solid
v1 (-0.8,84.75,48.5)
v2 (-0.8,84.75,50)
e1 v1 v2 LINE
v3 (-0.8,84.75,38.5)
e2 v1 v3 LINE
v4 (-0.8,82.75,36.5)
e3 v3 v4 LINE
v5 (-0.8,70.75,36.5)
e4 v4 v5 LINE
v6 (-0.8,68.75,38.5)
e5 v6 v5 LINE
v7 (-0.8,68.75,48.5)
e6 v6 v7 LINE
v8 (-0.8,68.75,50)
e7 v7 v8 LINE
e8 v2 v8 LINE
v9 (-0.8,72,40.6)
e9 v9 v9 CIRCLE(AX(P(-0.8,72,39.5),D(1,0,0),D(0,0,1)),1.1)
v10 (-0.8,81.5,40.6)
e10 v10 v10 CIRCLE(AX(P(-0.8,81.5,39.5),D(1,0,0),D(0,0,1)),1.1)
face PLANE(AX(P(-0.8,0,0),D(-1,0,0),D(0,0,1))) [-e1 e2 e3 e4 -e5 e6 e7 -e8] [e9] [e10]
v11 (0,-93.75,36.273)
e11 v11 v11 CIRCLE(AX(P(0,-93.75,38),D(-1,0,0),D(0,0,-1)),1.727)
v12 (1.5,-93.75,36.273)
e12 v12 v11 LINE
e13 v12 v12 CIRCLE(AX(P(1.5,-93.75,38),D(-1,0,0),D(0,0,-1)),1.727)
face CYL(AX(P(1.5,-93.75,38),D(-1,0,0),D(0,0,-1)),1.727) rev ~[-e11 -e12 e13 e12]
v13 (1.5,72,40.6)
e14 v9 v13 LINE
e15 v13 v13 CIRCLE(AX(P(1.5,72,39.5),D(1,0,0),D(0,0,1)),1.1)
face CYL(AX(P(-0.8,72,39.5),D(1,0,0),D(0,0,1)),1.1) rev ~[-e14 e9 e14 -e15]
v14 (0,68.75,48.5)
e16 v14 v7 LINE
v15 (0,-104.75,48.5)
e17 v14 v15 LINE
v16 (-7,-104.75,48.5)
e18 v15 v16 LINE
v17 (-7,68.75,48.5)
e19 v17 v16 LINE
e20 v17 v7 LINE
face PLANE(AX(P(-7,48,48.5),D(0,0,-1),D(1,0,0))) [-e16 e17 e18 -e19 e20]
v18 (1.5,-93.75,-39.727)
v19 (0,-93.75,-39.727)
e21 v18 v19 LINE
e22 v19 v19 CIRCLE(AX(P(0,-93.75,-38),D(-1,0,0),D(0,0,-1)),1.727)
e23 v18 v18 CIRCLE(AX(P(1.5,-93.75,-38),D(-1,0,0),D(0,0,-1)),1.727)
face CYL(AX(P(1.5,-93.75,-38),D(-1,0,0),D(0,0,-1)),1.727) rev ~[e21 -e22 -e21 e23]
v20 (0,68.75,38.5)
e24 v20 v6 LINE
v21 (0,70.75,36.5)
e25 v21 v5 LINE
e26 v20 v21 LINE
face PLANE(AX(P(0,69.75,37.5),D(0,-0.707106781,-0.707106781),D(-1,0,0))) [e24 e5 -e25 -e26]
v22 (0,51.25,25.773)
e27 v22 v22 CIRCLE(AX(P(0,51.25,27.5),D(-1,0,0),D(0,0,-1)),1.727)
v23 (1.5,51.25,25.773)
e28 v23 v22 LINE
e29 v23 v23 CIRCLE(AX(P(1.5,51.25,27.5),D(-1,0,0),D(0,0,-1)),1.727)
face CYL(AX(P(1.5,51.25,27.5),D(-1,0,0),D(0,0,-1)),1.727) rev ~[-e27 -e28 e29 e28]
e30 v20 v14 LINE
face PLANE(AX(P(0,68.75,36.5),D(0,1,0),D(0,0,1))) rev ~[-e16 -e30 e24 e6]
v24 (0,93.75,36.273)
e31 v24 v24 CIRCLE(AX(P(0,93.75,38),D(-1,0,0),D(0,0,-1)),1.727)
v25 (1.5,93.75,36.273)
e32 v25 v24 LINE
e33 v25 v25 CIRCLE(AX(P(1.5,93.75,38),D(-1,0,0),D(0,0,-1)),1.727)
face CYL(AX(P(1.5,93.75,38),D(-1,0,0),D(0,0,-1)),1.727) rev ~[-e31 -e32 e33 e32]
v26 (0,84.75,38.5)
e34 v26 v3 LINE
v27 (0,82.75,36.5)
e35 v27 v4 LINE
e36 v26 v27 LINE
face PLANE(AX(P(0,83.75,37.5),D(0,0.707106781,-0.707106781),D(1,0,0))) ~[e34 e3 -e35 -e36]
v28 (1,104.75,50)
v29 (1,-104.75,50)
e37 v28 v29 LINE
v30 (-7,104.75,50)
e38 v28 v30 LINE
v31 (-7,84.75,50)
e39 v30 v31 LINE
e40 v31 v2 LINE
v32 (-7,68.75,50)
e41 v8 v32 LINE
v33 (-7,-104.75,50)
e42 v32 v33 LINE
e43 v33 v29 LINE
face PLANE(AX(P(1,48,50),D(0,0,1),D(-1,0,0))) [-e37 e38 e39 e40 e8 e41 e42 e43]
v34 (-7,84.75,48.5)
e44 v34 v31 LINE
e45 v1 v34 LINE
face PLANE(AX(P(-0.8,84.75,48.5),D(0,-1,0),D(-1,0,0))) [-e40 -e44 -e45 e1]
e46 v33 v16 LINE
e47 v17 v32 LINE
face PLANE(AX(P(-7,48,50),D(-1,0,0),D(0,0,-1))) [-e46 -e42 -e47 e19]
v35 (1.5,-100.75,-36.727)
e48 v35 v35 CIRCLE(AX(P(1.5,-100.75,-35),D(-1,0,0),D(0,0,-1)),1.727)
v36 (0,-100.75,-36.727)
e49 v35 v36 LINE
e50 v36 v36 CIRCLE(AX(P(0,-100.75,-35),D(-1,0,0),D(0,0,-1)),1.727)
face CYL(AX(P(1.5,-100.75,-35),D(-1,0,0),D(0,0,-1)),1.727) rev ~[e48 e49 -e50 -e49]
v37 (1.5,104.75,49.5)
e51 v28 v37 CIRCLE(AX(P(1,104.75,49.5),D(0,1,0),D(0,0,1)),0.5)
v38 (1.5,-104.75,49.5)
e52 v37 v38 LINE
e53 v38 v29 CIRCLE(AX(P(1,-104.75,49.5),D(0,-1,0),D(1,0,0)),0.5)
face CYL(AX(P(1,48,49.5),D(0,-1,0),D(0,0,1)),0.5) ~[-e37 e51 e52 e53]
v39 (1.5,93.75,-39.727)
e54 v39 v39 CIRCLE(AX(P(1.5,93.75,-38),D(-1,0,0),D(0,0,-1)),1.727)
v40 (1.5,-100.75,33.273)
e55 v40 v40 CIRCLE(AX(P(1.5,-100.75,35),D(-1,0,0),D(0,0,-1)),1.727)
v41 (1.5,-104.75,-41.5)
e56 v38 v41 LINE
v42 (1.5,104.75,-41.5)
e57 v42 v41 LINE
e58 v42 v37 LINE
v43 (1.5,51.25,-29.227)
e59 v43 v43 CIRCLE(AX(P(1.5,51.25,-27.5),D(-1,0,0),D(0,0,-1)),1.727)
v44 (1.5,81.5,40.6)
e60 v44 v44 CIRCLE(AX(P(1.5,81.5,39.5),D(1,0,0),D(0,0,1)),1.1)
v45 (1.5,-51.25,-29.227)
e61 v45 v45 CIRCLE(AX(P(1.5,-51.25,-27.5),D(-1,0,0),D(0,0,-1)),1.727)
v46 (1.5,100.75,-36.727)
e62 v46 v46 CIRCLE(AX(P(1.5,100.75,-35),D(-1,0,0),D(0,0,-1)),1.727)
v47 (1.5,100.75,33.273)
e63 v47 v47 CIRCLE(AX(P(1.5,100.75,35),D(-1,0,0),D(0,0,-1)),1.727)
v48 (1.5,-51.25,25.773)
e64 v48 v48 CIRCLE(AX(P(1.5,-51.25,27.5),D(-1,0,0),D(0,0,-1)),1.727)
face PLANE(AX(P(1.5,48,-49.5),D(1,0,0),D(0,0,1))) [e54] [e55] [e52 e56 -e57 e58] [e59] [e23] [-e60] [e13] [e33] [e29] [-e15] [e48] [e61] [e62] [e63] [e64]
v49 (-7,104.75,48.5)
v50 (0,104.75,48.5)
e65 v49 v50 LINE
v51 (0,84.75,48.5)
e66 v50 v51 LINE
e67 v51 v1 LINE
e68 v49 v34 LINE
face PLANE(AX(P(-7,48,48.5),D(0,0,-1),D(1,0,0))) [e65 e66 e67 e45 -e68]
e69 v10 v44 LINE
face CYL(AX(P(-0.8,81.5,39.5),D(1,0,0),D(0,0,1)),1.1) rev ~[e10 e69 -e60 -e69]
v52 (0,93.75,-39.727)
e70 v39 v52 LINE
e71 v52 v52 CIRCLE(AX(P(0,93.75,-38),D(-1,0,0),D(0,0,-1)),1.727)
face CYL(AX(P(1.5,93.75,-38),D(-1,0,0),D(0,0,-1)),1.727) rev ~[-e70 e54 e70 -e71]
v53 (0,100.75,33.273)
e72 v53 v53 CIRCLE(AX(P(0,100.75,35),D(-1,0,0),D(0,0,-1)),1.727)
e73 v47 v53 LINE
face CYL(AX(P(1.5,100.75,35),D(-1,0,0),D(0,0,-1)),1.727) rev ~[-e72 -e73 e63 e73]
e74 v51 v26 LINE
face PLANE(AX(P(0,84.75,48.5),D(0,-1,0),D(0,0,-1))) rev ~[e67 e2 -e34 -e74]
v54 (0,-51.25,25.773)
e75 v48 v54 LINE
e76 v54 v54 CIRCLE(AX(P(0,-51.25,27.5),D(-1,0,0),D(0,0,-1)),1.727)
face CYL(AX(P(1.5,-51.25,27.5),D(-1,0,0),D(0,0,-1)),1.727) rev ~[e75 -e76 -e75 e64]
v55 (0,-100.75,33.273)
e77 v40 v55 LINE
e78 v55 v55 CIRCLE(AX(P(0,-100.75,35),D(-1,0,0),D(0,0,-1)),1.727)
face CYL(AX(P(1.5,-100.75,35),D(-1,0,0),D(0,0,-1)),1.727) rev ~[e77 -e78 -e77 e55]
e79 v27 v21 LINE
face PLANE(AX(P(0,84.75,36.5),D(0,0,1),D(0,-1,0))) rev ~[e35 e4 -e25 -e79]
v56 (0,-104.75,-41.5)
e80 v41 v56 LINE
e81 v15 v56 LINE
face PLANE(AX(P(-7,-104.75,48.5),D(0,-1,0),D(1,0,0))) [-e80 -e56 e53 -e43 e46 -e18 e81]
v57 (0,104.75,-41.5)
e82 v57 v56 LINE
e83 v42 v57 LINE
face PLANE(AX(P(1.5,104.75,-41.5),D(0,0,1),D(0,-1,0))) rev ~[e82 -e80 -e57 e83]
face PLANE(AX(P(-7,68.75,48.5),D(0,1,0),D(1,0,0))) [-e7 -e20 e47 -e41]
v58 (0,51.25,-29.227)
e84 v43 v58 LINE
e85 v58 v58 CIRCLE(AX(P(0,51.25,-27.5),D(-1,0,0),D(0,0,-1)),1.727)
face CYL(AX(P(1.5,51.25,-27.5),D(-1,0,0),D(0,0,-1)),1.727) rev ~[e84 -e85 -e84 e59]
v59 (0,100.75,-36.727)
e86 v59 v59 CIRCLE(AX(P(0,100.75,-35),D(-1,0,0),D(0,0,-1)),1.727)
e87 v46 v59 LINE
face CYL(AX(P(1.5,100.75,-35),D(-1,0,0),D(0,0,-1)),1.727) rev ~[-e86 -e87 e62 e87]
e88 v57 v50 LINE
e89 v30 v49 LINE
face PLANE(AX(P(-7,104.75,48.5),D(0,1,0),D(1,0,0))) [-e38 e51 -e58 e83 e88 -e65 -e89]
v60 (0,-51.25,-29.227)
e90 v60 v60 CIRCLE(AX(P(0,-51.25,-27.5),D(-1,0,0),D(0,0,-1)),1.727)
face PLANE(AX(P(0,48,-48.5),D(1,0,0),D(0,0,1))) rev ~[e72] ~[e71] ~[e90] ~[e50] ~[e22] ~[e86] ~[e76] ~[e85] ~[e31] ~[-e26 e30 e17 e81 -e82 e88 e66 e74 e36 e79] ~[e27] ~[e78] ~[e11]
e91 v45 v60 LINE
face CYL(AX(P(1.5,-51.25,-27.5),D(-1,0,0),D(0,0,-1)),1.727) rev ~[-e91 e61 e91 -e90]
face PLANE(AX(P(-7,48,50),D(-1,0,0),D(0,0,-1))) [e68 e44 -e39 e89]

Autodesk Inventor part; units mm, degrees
ref_plane "YZ Plane" through (0, 0, 0) normal (1, 0, 0) x (0, 1, 0)
ref_plane "XZ Plane" through (0, 0, 0) normal (0, 1, 0) x (-1, 0, 0)
ref_plane "XY Plane" through (0, 0, 0) normal (0, 0, 1) x (1, 0, 0)
sketch "Sketch1" plane through (0, 0, 0) normal (1, 0, 0) x (0, 1, 0)
  line L0 (48, 50) -> (-48, 50)
  line L1 (-48, 50) -> (-48, -50)
  line L2 (-48, -50) -> (48, -50)
  line L3 (48, -50) -> (48, 50)
  point P0 (0, 0)
  dimension "d0" = 96
  dimension "d1" = 100
  dimension "d2" = 50
  dimension "d3" = 48
extrude "Extrusion1" add sketch "Sketch1" along normal blind 1.5
sketch "Sketch2" plane through (0, -48, 50) normal (0, 0, 1) x (1, 0, 0)
  line L0 (0, 96) -> (1.5, 96) projected
  line L1 (1.5, 96) -> (-7, 96)
  line L2 (-7, 96) -> (-7, 0)
  line L3 (-7, 0) -> (1.5, 0)
  line L4 (1.5, 0) -> (1.5, 96)
  point P0 (0, 48)
  dimension "d6" = 8.5
  dimension "d7" = 96
extrude "Extrusion2" add sketch "Sketch2" against normal blind 1.5
mirror "Mirror1" about plane through (0, 0, 0) normal (0, 0, 1) of "Extrusion2"
fillet "Fillet1" radius 0.5 2 edges at (1.5, 0, 50) (1.5, 0, -50)
sketch "Sketch12" plane through (-7, -48, 48.5) normal (0, -1, 0) x (1, 0, 0)
  arc A0 (8, -98.5) -> (8.5, -98) centre (8, -98) ccw projected
  line L0 (8.5, 1) -> (8.5, -98) projected
  arc A1 (8.5, 1) -> (8, 1.5) centre (8, 1) ccw projected
  line L1 (0, 1.5) -> (8, 1.5) projected
  line L2 (0, 1.5) -> (0, 0) projected
  line L3 (7, 0) -> (0, 0) projected
  line L4 (7, 0) -> (7, -97) projected
  line L5 (7, -97) -> (0, -97) projected
  line L6 (0, -98.5) -> (0, -97) projected
  line L7 (0, -98.5) -> (8, -98.5) projected
  point P0 (7, -48.5)
extrude "Extrusion8" add sketch "Sketch12" along normal blind 56.75
sketch "Sketch13" plane through (-7, 48, 48.5) normal (0, 1, 0) x (1, 0, 0)
  arc A0 (8.5, 98) -> (8, 98.5) centre (8, 98) ccw projected
  line L0 (0, 98.5) -> (8, 98.5) projected
  line L1 (0, 98.5) -> (0, 97) projected
  line L2 (0, 97) -> (7, 97) projected
  line L3 (7, 97) -> (7, 0) projected
  line L4 (0, 0) -> (7, 0) projected
  line L5 (0, -1.5) -> (0, 0) projected
  line L6 (8, -1.5) -> (0, -1.5) projected
  arc A1 (8, -1.5) -> (8.5, -1) centre (8, -1) ccw projected
  line L7 (8.5, 98) -> (8.5, -1) projected
  point P0 (7, 48.5)
extrude "Extrusion9" add sketch "Sketch13" along normal blind 56.75
sketch "Sketch14" plane through (1.5, 0, 0) normal (1, 0, 0) x (0, 0, -1)
  line L0 (49.5, -104.75) -> (49.5, 104.75) projected
  line L1 (-49.5, 104.75) -> (49.5, 104.75) projected
  line L2 (-49.5, 104.75) -> (-49.5, -104.75) projected
  line L3 (49.5, -104.75) -> (-49.5, -104.75) projected
  line L4 (0, 0) -> (-23.5475, 0) construction
  point P0 (35, -100.75)
  point P1 (-35, -100.75)
  point P2 (35, 100.75)
  point P3 (-35, 100.75)
  dimension "d88" = 70
  dimension "d89" = 35
  dimension "d90" = 4
hole "Hole6" at (1.5, -100.75, -35) at (1.5, -100.75, 35) at (1.5, 100.75, -35) at (1.5, 100.75, 35) direction (-1, 0, 0) diameter 3.454 end through all clearance for "Flat Head Machine Screw (82)" size "#4" standard "Ansi Unified Screw Threads"
sketch "Sketch15" plane through (1.5, 0, 0) normal (1, 0, 0) x (0, 0, -1)
  circle A0 centre (-35, 100.75) radius 1.727 projected
  line L0 (0, 0) -> (0, 19.4005) construction
  line L1 (0, 0) -> (22.6917, 0) construction
  point P0 (-27.5, 51.25)
  point P1 (-27.5, -51.25)
  point P2 (27.5, 51.25)
  point P3 (27.5, -51.25)
  dimension "d150" = 7.5
  dimension "d167" = 102.5
  dimension "d168" = 51.25
hole "Hole7" at (1.5, 51.25, 27.5) at (1.5, -51.25, 27.5) at (1.5, -51.25, -27.5) at (1.5, 51.25, -27.5) direction (-1, 0, 0) diameter 3.454 end through all clearance for "Flat Head Machine Screw (82)" size "#4" standard "Ansi Unified Screw Threads"
sketch "Sketch16" plane through (0, 0, 0) normal (-1, 0, 0) x (0, 0, 1)
  line L0 (36.5, 68.75) -> (48.5, 68.75)
  line L1 (48.5, 68.75) -> (48.5, 84.75)
  line L2 (48.5, 84.75) -> (36.5, 84.75)
  line L3 (36.5, 84.75) -> (36.5, 68.75)
  circle A0 centre (-35, 100.75) radius 1.727 projected
  circle A1 centre (-35, -100.75) radius 1.727 projected
  circle A2 centre (35, -100.75) radius 1.727 projected
  circle A3 centre (35, 100.75) radius 1.727 projected
  line L4 (-48.5, 104.75) -> (-48.5, -104.75) projected
  line L5 (48.5, -104.75) -> (-48.5, -104.75) projected
  line L6 (48.5, -104.75) -> (48.5, 104.75) projected
  line L7 (-48.5, 104.75) -> (48.5, 104.75) projected
  line L8 (48.5, -104.75) -> (48.5, 104.75) projected
  circle A4 centre (27.5, 51.25) radius 1.727 projected
  point P0 (0, 0)
  dimension "d105" = 12
  dimension "d106" = 16
  dimension "d170" = 20
extrude "Extrusion10" add sketch "Sketch16" along normal blind 0.8 contours L3 L2 L1 L0
sketch "Sketch17" plane through (-0.8, 0, 0) normal (-1, 0, 0) x (0, 0, 1)
  line L0 (36.5, 68.75) -> (48.5, 68.75) projected
  line L1 (48.5, 84.75) -> (48.5, 68.75) projected
  line L2 (48.5, 84.75) -> (36.5, 84.75) projected
  line L3 (36.5, 84.75) -> (36.5, 68.75) projected
  line L4 (36.5, 68.75) -> (48.5, 68.75) projected
  line L5 (36.5, 68.75) -> (36.5, 84.75) projected
  point P0 (0, 0)
  point P1 (39.5, 72)
  point P2 (39.5, 81.5)
  point P3 (36.5, 76.75)
  dimension "d110" = 9.5
  dimension "d123" = 9
  dimension "d152" = 4.75
hole "Hole8" at (-0.8, 72, 39.5) at (-0.8, 81.5, 39.5) direction (1, 0, 0) diameter 2.2 end through all clearance for "Flat Head Machine Screw" size "M2" standard "Ansi Metric M Profile"
chamfer "Chamfer2" distance 2 angle 45 2 edges at (-0.4, 68.75, 36.5) (-0.4, 84.75, 36.5)
sketch "Sketch22" plane through (1.5, 0, 0) normal (1, 0, 0) x (0, 0, -1)
  line L0 (41.5, -104.75) -> (50, -104.75)
  line L1 (50, -104.75) -> (50, 104.75)
  line L2 (50, 104.75) -> (41.5, 104.75)
  line L3 (41.5, 104.75) -> (41.5, -104.75)
  line L4 (50, -104.75) -> (50, 104.75) projected
  line L5 (-49.5, 104.75) -> (49.5, 104.75) projected
  point P0 (0, 0)
  point P1 (50, 0)
  point P2 (45.75, 104.75)
  dimension "d146" = 8.5
extrude "Extrusion13" cut sketch "Sketch22" against normal through all
sketch "Sketch24" plane through (0, -48, 48.5) normal (0, 0, -1) x (-1, 0, 0)
  line L0 (0, 132.75) -> (0.8, 132.75) projected
  line L1 (0.8, 132.75) -> (7, 132.75)
  line L2 (7, 132.75) -> (7, 116.75)
  line L3 (7, 116.75) -> (0.8, 116.75)
  line L4 (0.8, 116.75) -> (0.8, 132.75)
  line L5 (0.8, 116.75) -> (0, 116.75) projected
  line L6 (0, -56.75) -> (0, 116.75) projected
  line L7 (7, -56.75) -> (0, -56.75) projected
  line L8 (7, 152.75) -> (7, -56.75) projected
  line L9 (0, 152.75) -> (7, 152.75) projected
  line L10 (0, 132.75) -> (0, 152.75) projected
  line L11 (0, 132.75) -> (0.8, 132.75) projected
  line L12 (0.8, 132.75) -> (0.8, 116.75) projected
  line L13 (7, 152.75) -> (7, -56.75) projected
  point P0 (0, 48)
  point P1 (7, 124.75)
  dimension "d160" = 16
extrude "Extrusion15" cut sketch "Sketch24" against normal through all contours L1 L2 L3 L4
sketch "Sketch25" plane through (1.5, 0, 0) normal (1, 0, 0) x (0, 0, -1)
  line L0 (41.5, -104.75) -> (41.5, 104.75) projected
  line L1 (-49.5, 104.75) -> (41.5, 104.75) projected
  line L2 (-49.5, 104.75) -> (-49.5, -104.75) projected
  line L3 (41.5, -104.75) -> (-49.5, -104.75) projected
  circle A0 centre (-39.5, 72) radius 1.1 projected
  circle A1 centre (-39.5, 81.5) radius 1.1 projected
  circle A2 centre (27.5, -51.25) radius 1.727 projected
  circle A3 centre (-27.5, 51.25) radius 1.727 projected
  circle A4 centre (-27.5, -51.25) radius 1.727 projected
  circle A5 centre (27.5, 51.25) radius 1.727 projected
  circle A6 centre (35, 100.75) radius 1.727 projected
  circle A7 centre (35, -100.75) radius 1.727 projected
  circle A8 centre (-35, -100.75) radius 1.727 projected
  circle A9 centre (-35, 100.75) radius 1.727 projected
  line L4 (0, 0) -> (-27.5, 0) construction
  point P0 (38, 93.75)
  point P1 (-38, 93.75)
  point P2 (38, -93.75)
  point P3 (-38, -93.75)
  dimension "d171" = 76
  dimension "d172" = 38
  dimension "d180" = 7
hole "Hole10" at (1.5, 93.75, -38) at (1.5, 93.75, 38) at (1.5, -93.75, -38) at (1.5, -93.75, 38) direction (-1, 0, 0) diameter 3.454 end through all clearance for "Flat Head Machine Screw (82)" size "#4" standard "Ansi Unified Screw Threads"
equation "\"d2\" = 0.5 * d1"
equation "\"d3\" = 0.5 * d0"
equation "\"d89\" = 0.5 * d88"
equation "\"d168\" = 0.5 * d167"
equation "\"d152\" = 0.5 * d110"
equation "\"d172\" = 0.5 * d171"
properties part number "FR-Default" material "Aluminum 6061"
